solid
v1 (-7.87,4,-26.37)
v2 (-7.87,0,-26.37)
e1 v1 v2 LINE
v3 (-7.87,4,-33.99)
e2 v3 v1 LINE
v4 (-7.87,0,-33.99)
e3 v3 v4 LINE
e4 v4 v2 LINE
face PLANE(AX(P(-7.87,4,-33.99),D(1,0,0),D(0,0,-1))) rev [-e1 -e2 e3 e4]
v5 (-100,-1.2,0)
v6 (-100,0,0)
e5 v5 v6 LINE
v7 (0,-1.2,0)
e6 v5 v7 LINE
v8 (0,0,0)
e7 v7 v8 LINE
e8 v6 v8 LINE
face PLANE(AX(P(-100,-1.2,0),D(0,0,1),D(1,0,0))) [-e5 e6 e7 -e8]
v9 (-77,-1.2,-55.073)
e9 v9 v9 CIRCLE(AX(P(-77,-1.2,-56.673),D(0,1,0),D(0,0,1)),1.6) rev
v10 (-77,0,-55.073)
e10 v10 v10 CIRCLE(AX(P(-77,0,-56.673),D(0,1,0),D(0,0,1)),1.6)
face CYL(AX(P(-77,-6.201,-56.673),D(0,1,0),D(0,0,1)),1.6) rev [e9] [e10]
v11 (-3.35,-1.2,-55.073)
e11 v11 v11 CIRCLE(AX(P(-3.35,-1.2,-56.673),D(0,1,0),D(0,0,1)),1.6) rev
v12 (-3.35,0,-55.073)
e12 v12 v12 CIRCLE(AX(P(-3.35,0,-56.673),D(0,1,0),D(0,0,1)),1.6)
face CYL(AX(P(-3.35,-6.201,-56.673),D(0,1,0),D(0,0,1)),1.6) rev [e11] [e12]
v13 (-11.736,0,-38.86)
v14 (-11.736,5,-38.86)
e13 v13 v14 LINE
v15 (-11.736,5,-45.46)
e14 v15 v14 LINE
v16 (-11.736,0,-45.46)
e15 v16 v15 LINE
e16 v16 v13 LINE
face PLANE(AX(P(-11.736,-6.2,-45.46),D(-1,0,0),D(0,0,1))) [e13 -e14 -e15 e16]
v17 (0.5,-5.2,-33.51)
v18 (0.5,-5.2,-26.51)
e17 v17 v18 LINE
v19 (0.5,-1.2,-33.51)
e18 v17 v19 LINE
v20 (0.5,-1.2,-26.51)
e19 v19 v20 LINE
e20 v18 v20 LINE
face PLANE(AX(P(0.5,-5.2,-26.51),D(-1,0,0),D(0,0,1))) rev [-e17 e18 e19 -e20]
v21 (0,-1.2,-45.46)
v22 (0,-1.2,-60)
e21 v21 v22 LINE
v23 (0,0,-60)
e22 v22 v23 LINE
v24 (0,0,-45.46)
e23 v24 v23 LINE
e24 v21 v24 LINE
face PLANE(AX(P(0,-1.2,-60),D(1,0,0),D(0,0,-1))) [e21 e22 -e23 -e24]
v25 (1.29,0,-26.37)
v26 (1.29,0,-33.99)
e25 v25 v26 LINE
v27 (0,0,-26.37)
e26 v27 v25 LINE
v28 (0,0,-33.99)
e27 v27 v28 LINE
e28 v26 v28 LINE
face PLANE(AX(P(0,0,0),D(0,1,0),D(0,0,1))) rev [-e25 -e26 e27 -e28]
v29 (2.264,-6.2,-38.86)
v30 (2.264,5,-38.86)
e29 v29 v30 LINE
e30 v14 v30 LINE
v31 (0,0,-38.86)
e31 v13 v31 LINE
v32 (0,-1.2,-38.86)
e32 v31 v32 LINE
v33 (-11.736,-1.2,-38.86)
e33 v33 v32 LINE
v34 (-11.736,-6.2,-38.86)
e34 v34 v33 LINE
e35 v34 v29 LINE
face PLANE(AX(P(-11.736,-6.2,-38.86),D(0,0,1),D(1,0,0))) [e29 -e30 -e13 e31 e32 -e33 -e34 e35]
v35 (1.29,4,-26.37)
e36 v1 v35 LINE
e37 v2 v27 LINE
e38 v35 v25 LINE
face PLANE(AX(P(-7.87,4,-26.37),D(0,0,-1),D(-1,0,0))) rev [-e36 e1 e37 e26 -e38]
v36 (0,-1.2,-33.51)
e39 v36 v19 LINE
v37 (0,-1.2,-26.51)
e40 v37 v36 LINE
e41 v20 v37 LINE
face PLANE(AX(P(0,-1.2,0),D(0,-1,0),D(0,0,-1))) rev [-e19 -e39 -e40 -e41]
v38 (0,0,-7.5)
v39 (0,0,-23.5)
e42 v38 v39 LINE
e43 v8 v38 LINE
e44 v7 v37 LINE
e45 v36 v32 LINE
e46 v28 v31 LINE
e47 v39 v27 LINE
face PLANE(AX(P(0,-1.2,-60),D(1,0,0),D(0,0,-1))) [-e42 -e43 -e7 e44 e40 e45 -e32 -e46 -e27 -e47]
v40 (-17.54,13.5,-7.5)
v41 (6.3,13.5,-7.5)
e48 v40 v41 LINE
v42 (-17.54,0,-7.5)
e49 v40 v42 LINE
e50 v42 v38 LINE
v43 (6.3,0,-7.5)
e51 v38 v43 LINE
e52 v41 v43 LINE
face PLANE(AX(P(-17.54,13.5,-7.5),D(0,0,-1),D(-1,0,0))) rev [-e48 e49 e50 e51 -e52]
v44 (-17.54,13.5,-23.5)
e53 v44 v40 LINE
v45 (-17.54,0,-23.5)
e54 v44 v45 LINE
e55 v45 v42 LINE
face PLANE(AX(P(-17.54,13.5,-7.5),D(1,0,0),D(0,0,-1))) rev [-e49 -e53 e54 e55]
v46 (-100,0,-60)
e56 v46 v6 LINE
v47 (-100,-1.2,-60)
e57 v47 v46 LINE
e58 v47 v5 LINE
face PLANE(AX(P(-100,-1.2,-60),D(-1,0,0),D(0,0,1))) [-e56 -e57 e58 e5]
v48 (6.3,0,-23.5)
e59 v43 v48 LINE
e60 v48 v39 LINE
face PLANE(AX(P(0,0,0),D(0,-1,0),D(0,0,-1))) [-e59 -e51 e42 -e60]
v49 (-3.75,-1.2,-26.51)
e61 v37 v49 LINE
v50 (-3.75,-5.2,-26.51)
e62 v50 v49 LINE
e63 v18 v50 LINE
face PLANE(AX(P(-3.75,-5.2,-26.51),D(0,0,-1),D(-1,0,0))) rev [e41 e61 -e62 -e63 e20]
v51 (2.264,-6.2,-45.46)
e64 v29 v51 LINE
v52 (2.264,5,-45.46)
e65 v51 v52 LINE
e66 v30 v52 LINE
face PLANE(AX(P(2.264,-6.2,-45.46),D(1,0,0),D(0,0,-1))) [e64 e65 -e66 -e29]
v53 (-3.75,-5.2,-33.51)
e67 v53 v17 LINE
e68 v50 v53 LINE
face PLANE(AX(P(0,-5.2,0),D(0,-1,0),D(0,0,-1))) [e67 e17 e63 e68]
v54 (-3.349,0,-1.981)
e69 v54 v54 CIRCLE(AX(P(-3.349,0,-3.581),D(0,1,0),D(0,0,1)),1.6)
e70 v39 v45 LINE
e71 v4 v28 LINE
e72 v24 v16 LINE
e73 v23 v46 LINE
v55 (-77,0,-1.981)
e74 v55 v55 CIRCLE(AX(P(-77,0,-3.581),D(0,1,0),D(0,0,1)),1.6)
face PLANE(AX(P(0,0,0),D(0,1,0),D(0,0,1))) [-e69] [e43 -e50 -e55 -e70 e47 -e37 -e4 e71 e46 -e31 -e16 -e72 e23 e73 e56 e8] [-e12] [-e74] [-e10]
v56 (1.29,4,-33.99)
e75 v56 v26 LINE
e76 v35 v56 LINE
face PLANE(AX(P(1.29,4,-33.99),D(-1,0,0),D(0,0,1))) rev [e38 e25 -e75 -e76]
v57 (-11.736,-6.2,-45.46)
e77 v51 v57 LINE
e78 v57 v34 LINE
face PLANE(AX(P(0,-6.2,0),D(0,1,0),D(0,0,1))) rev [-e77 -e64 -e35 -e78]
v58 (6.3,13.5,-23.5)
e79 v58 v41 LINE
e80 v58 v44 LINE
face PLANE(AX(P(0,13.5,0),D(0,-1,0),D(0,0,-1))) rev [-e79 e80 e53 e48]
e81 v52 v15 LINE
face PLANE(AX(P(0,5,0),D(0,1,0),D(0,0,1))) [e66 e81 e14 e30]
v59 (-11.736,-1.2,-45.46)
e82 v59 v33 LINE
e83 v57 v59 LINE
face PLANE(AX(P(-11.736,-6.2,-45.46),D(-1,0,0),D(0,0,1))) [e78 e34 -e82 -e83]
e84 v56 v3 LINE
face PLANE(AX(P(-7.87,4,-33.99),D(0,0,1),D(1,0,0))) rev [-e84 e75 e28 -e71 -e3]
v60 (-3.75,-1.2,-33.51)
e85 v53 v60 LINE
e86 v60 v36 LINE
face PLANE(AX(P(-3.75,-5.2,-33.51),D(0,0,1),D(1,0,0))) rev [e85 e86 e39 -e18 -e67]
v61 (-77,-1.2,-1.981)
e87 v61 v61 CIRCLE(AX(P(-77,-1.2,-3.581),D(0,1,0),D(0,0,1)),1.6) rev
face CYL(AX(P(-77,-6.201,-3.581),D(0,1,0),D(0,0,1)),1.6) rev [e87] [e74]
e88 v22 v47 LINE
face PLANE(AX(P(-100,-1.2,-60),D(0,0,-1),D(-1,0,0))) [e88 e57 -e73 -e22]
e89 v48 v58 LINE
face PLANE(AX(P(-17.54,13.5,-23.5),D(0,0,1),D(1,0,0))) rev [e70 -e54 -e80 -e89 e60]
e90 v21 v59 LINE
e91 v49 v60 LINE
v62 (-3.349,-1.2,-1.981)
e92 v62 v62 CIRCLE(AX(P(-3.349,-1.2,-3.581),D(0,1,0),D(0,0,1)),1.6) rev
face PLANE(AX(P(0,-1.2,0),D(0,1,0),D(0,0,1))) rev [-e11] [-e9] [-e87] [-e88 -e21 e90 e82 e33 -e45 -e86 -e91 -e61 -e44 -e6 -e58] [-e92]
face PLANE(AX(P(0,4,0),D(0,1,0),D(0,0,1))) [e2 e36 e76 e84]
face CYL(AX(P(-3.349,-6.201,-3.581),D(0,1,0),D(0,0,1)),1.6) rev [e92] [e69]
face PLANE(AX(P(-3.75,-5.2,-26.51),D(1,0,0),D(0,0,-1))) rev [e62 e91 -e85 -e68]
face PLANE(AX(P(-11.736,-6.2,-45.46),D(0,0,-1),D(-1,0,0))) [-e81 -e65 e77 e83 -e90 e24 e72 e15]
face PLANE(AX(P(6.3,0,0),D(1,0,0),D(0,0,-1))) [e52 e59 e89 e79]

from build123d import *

# Parameters (mm, degrees)
ESQUISSE1_W             = 100
ESQUISSE1_H             = 60
BOSS_EXTRU_1_DEPTH      = 1.2
ESQUISSE2_W             = 21.84
ESQUISSE2_H             = 16
BOSS_EXTRU_2_DEPTH      = 13.5
ESQUISSE3_W             = 9.16
ESQUISSE3_H             = 7.62
BOSS_EXTRU_3_DEPTH      = 4
BOSS_EXTRU_4_DEPTH      = 5
BOSS_EXTRU_4_DEPTH_BACK = 6.2
ESQUISSE4_W             = 14
ESQUISSE4_H             = 6.6
ESQUISSE5_W             = 4.25
ESQUISSE5_H             = 7
BOSS_EXTRU_5_DEPTH      = 4
ENL_V_MAT_EXTRU_1_REACH = 119.398
ESQUISSE6_R             = 1.6
ESQUISSE7_W             = 16
ESQUISSE7_H             = 13.5
BOSS_EXTRU_6_DEPTH      = 2


with BuildPart() as part:
    # Esquisse1 → Boss.-Extru.1 (new body)
    with BuildSketch(Plane(origin=(0, 0, 0), x_dir=(1, 0, 0), z_dir=(0, 1, 0))):
        with Locations((-50, 30)):
            Rectangle(ESQUISSE1_W, ESQUISSE1_H)
    extrude(amount=-BOSS_EXTRU_1_DEPTH)

    # Esquisse2 → Boss.-Extru.2 (add)
    with BuildSketch(Plane(origin=(0, 0, 0), x_dir=(1, 0, 0), z_dir=(0, 1, 0))):
        with Locations((-6.62, 15.5)):
            Rectangle(ESQUISSE2_W, ESQUISSE2_H)
    extrude(amount=BOSS_EXTRU_2_DEPTH)

    # Esquisse3 → Boss.-Extru.3 (add)
    with BuildSketch(Plane(origin=(0, 0, 0), x_dir=(1, 0, 0), z_dir=(0, 1, 0))):
        with Locations((-3.29, 30.18)):
            Rectangle(ESQUISSE3_W, ESQUISSE3_H)
    extrude(amount=BOSS_EXTRU_3_DEPTH)

    # Esquisse4 → Boss.-Extru.4 (add, two sides: drawn at the far end of the back side and taken through both)
    with BuildSketch(Plane(origin=(0, 0, 0), x_dir=(1, 0, 0), z_dir=(0, 1, 0)).offset(-BOSS_EXTRU_4_DEPTH_BACK)):
        with Locations((-4.736, 42.16)):
            Rectangle(ESQUISSE4_W, ESQUISSE4_H)
    extrude(amount=BOSS_EXTRU_4_DEPTH + BOSS_EXTRU_4_DEPTH_BACK)

    # Esquisse5 → Boss.-Extru.5 (add)
    with BuildSketch(Plane.XZ.offset(1.2)):
        with Locations((-1.625, -30.01)):
            Rectangle(ESQUISSE5_W, ESQUISSE5_H)
    extrude(amount=BOSS_EXTRU_5_DEPTH)

    # Esquisse6 → Enlèv. mat.-Extru.1 (cut, up to next)
    with BuildSketch(Plane(origin=(0, 0, 0), x_dir=(1, 0, 0), z_dir=(0, 1, 0)), mode=Mode.PRIVATE) as enl_v_mat_extru_1_sk1:
        with Locations(Location((-77, 56.673, 0), (0, 0, 270))):
            Circle(ESQUISSE6_R)
    enl_v_mat_extru_1_tool1 = extrude(enl_v_mat_extru_1_sk1.sketch, amount=-ENL_V_MAT_EXTRU_1_REACH, mode=Mode.PRIVATE) & part.part
    # Esquisse6 → Enlèv. mat.-Extru.1 (cut, up to next)
    with BuildSketch(Plane(origin=(0, 0, 0), x_dir=(1, 0, 0), z_dir=(0, 1, 0)), mode=Mode.PRIVATE) as enl_v_mat_extru_1_sk2:
        with Locations(Location((-77, 3.581, 0), (0, 0, 270))):
            Circle(ESQUISSE6_R)
    enl_v_mat_extru_1_tool2 = extrude(enl_v_mat_extru_1_sk2.sketch, amount=-ENL_V_MAT_EXTRU_1_REACH, mode=Mode.PRIVATE) & part.part
    # Esquisse6 → Enlèv. mat.-Extru.1 (cut, up to next)
    with BuildSketch(Plane(origin=(0, 0, 0), x_dir=(1, 0, 0), z_dir=(0, 1, 0)), mode=Mode.PRIVATE) as enl_v_mat_extru_1_sk3:
        with Locations(Location((-3.35, 56.673, 0), (0, 0, 270))):
            Circle(ESQUISSE6_R)
    enl_v_mat_extru_1_tool3 = extrude(enl_v_mat_extru_1_sk3.sketch, amount=-ENL_V_MAT_EXTRU_1_REACH, mode=Mode.PRIVATE) & part.part
    # Esquisse6 → Enlèv. mat.-Extru.1 (cut, up to next)
    with BuildSketch(Plane(origin=(0, 0, 0), x_dir=(1, 0, 0), z_dir=(0, 1, 0)), mode=Mode.PRIVATE) as enl_v_mat_extru_1_sk4:
        with Locations(Location((-3.349, 3.581, 0), (0, 0, 270))):
            Circle(ESQUISSE6_R)
    enl_v_mat_extru_1_tool4 = extrude(enl_v_mat_extru_1_sk4.sketch, amount=-ENL_V_MAT_EXTRU_1_REACH, mode=Mode.PRIVATE) & part.part
    add(enl_v_mat_extru_1_tool1.solids().sort_by_distance((-77, 0, -56.673))[0], mode=Mode.SUBTRACT)
    add(enl_v_mat_extru_1_tool2.solids().sort_by_distance((-77, 0, -3.581))[0], mode=Mode.SUBTRACT)
    add(enl_v_mat_extru_1_tool3.solids().sort_by_distance((-3.35, 0, -56.673))[0], mode=Mode.SUBTRACT)
    add(enl_v_mat_extru_1_tool4.solids().sort_by_distance((-3.349, 0, -3.581))[0], mode=Mode.SUBTRACT)

    # Esquisse7 → Boss.-Extru.6 (add)
    with BuildSketch(Plane(origin=(4.3, 0, 0), x_dir=(0, 0, -1), z_dir=(1, 0, 0))):
        with Locations((15.5, 6.75)):
            Rectangle(ESQUISSE7_W, ESQUISSE7_H)
    extrude(amount=BOSS_EXTRU_6_DEPTH)


solid = part.part
